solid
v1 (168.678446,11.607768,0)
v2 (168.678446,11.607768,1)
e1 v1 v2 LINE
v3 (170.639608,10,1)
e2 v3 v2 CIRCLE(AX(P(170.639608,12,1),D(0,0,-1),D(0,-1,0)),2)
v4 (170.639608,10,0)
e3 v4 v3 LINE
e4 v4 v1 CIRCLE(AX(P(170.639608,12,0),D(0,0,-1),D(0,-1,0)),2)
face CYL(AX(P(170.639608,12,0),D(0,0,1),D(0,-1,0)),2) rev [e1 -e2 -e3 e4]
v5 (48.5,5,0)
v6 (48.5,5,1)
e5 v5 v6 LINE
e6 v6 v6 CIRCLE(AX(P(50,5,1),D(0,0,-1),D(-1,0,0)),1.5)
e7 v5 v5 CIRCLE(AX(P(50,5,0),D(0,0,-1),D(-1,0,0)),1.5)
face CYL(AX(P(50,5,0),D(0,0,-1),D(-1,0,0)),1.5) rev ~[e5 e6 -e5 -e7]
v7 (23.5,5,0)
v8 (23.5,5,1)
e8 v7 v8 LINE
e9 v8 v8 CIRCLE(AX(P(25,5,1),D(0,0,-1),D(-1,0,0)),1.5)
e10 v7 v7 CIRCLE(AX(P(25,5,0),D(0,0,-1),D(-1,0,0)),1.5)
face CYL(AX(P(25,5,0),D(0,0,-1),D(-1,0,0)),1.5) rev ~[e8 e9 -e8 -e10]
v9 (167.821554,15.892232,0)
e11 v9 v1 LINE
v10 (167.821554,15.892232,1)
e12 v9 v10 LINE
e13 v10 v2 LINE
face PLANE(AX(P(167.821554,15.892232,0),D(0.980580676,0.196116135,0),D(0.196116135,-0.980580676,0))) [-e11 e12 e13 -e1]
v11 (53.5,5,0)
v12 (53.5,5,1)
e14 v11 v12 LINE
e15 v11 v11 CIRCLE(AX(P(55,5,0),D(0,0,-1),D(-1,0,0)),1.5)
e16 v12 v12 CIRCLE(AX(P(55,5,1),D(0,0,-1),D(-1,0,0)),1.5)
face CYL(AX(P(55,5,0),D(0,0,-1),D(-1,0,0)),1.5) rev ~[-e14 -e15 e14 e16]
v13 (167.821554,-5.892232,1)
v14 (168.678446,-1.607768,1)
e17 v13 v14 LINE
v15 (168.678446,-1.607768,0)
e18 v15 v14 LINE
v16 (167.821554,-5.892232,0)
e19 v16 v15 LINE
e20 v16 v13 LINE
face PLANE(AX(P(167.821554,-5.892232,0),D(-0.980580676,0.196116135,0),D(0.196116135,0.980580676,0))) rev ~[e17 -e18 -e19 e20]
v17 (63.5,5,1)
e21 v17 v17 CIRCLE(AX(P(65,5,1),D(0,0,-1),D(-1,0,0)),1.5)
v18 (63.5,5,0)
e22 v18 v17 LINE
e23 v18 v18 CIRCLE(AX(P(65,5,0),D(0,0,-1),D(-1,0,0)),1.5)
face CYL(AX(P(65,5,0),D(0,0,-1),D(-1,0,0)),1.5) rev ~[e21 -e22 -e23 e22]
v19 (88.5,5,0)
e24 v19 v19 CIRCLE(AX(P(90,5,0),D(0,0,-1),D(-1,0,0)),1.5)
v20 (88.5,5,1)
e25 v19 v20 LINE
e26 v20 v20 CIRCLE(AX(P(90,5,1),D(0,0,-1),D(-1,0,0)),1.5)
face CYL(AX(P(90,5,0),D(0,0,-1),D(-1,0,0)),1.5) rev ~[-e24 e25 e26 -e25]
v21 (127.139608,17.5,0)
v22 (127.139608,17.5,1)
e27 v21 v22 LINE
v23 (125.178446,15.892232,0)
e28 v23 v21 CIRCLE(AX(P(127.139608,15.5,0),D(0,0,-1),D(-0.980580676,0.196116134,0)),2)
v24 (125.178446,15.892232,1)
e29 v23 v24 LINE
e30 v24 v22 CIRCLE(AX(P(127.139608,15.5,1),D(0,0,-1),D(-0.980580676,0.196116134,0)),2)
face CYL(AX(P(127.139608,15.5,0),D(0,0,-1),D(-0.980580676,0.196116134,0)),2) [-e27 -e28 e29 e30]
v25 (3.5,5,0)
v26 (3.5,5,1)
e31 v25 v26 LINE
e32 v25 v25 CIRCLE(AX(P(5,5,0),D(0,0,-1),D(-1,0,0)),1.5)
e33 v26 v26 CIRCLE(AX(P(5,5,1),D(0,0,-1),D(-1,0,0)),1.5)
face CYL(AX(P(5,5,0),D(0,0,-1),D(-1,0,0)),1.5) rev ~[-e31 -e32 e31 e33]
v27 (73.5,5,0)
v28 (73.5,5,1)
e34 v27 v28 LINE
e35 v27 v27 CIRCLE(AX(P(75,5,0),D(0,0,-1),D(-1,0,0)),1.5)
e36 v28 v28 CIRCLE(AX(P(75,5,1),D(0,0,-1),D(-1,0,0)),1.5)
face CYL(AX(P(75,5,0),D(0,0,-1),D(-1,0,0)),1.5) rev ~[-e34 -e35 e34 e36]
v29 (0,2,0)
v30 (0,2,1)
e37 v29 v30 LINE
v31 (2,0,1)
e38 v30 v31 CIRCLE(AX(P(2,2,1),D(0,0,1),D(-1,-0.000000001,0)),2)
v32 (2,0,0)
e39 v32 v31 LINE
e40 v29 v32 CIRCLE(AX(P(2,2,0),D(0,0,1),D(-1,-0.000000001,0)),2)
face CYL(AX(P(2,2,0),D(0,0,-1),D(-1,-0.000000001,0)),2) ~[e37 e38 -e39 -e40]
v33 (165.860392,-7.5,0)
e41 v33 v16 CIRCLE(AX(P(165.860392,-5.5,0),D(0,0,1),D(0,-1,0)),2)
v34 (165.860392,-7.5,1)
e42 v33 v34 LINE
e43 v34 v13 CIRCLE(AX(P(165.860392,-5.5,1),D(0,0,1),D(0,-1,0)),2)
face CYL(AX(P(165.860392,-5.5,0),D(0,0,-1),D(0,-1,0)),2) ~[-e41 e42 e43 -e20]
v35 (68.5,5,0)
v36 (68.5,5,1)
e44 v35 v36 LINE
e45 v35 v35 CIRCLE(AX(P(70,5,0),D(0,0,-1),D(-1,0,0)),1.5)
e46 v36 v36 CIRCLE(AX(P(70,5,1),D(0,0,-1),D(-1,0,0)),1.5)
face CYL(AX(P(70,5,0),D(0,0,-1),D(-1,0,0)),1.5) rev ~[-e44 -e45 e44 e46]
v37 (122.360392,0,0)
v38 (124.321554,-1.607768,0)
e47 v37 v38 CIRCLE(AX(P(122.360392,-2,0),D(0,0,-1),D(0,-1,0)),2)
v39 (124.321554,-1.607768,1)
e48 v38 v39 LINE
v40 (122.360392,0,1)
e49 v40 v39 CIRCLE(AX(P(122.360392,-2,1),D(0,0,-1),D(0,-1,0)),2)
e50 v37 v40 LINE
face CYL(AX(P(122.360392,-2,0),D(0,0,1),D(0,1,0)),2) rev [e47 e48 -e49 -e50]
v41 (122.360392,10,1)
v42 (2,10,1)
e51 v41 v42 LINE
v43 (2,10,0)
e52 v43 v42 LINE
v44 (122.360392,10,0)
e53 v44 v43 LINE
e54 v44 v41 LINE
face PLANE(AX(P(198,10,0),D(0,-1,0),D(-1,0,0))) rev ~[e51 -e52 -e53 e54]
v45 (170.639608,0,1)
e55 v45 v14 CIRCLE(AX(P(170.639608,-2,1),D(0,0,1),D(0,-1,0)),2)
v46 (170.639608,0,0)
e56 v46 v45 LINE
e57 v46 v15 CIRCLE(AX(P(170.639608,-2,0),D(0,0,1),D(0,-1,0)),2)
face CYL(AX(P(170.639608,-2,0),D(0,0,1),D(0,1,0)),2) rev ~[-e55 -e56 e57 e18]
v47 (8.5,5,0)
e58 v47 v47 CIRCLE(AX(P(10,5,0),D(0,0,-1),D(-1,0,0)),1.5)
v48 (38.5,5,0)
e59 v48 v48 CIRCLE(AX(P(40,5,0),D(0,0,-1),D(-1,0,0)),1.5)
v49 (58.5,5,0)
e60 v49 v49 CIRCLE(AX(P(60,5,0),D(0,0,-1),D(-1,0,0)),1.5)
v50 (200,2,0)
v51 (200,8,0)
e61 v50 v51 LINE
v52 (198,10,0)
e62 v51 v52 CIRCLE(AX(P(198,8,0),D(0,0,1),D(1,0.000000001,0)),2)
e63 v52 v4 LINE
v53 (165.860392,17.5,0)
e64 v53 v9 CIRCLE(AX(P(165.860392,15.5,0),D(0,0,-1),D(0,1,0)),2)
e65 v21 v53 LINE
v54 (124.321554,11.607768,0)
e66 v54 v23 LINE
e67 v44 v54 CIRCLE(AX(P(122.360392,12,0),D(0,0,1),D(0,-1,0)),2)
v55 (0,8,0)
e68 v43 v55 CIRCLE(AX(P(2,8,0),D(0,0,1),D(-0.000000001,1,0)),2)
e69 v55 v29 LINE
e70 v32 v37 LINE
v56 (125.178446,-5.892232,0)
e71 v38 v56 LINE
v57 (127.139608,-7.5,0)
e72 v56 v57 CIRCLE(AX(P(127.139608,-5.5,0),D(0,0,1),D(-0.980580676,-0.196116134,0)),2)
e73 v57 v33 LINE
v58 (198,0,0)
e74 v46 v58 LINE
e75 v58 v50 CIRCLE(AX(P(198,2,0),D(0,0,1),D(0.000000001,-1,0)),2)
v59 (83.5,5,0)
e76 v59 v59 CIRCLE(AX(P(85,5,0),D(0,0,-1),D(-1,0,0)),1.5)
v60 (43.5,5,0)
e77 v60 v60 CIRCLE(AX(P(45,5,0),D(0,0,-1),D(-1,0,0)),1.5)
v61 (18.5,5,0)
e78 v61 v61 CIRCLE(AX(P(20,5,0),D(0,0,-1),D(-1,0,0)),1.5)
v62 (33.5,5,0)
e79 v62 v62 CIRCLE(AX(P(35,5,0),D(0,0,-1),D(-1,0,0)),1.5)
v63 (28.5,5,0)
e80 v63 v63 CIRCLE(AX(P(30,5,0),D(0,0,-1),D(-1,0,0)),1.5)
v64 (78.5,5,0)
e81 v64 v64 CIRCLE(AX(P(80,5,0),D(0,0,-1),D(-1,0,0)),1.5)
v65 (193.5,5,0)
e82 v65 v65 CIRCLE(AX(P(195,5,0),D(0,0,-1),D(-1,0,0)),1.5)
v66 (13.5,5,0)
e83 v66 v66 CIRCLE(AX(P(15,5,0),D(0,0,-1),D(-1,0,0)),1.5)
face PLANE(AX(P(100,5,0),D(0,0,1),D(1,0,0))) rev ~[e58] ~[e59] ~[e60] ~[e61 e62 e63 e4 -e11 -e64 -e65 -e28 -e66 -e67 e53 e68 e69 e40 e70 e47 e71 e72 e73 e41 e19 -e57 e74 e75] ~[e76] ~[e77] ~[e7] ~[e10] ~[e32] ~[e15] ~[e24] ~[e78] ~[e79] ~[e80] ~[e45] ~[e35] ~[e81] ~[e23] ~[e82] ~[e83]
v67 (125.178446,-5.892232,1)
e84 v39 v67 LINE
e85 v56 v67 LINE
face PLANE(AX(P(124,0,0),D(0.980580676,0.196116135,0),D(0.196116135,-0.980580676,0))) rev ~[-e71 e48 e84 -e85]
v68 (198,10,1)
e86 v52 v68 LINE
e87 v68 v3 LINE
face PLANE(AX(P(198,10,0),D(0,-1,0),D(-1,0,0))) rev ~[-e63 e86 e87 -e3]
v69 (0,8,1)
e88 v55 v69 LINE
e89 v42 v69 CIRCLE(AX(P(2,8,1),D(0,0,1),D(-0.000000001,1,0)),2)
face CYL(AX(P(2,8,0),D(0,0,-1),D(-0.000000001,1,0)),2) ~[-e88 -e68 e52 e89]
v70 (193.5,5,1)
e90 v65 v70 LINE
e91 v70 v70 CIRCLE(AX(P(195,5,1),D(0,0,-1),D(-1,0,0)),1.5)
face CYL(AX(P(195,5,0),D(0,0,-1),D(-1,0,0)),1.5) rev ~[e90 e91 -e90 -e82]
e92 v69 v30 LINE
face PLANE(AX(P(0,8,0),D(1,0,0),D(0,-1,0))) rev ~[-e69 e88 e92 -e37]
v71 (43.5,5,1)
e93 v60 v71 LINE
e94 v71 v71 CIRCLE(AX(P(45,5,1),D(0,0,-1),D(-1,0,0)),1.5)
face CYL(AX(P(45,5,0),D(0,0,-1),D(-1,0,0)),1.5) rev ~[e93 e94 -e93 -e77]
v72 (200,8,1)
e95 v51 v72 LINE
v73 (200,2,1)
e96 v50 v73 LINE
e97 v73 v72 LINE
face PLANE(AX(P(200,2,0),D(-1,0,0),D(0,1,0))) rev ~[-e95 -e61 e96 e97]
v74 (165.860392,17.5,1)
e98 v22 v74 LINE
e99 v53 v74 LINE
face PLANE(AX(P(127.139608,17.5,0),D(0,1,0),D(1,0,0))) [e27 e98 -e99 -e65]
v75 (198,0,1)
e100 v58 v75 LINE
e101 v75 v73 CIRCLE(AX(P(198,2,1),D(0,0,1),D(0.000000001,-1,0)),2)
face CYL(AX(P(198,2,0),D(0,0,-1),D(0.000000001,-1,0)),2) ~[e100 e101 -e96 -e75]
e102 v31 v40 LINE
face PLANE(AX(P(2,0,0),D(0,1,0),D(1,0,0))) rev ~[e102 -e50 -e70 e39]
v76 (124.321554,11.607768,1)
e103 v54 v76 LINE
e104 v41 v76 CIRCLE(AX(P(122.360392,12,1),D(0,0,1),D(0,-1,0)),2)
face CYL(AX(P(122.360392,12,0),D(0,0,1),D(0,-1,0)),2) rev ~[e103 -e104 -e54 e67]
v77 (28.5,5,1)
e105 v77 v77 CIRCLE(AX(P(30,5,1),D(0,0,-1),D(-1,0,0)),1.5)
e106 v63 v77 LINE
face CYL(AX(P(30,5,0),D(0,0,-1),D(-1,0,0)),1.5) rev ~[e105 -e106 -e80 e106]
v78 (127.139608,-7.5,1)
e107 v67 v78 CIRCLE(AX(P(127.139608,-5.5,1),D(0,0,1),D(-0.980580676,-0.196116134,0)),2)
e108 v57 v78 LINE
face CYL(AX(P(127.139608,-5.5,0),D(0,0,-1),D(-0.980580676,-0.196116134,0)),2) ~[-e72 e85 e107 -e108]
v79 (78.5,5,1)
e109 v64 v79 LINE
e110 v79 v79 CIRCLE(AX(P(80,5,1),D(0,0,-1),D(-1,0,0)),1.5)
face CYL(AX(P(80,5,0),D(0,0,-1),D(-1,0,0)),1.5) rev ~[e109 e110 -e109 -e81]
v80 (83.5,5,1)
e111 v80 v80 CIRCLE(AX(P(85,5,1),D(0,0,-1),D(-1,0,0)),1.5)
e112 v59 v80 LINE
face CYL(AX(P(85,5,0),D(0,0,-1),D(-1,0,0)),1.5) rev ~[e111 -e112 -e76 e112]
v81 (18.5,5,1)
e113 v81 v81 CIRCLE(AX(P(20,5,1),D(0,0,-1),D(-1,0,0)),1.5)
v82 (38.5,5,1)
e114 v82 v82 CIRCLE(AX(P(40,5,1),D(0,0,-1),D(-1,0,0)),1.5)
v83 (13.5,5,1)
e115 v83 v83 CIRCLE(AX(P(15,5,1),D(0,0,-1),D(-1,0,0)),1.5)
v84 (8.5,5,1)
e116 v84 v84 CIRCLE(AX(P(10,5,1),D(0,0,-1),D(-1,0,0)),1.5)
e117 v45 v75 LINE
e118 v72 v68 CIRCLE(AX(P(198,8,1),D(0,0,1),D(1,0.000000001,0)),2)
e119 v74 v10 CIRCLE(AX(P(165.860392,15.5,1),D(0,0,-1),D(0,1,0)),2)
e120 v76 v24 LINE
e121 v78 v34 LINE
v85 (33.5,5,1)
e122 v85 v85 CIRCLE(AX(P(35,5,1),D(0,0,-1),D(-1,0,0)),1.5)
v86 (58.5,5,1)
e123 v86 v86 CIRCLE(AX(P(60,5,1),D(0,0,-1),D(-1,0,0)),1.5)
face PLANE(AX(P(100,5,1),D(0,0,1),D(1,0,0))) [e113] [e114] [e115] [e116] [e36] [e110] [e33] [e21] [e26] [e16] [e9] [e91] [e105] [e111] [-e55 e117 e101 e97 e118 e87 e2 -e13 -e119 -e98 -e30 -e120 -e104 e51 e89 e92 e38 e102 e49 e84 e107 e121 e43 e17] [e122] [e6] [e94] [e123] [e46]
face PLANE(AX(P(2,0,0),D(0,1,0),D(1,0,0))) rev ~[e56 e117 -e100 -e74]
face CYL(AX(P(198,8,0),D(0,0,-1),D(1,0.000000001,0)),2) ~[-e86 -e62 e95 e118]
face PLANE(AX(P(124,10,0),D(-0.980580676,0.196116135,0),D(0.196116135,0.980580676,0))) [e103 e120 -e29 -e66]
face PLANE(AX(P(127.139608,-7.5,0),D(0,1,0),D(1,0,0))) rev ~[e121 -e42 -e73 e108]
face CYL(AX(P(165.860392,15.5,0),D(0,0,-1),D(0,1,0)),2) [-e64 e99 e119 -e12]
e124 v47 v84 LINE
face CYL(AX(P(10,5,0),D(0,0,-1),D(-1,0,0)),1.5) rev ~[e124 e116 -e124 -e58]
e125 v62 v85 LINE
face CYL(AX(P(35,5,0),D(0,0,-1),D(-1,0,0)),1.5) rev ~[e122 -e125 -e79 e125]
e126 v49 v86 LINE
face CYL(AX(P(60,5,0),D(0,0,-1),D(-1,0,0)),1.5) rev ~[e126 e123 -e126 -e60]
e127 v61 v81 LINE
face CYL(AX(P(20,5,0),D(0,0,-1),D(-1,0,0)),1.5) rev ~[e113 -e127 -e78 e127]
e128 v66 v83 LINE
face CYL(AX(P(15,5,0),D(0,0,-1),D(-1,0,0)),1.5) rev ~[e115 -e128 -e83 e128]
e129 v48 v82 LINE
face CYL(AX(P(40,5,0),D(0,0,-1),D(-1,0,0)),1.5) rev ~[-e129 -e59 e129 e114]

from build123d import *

# Parameters (mm, degrees)
BOSS_EXTRUDE1_DEPTH = 1
BOSS_EXTRUDE2_DEPTH = 1
FILLET1_R           = 2
SKETCH4_R           = 1.5
CUT_EXTRUDE1_DEPTH  = 201.766655598


with BuildPart() as part:
    # Sketch2 → Boss-Extrude1 (new body)
    with BuildSketch(Plane.XY):
        with BuildLine():
            Line((2, 0), (198, 0))
            ThreePointArc((198, 0), (199.414213562, 0.585786438), (200, 2))
            Line((200, 2), (200, 8))
            ThreePointArc((200, 8), (199.414213562, 9.414213562), (198, 10))
            Line((198, 10), (2, 10))
            ThreePointArc((2, 10), (0.585786438, 9.414213562), (0, 8))
            Line((0, 8), (0, 2))
            ThreePointArc((0, 2), (0.585786438, 0.585786438), (2, 0))
        make_face()
    extrude(amount=BOSS_EXTRUDE1_DEPTH)

    # Sketch3 → Boss-Extrude2 (add)
    with BuildSketch(Plane(origin=(0, 0, 0), x_dir=(-1, 0, 0), z_dir=(0, 0, -1))):
        with BuildLine():
            Line((-124, 0), (-125.178446454, -5.89223227))
            ThreePointArc((-125.178446454, -5.89223227), (-125.871629994, -7.046684283), (-127.139607805, -7.5))
            Line((-127.139607805, -7.5), (-165.860392195, -7.5))
            ThreePointArc((-165.860392195, -7.5), (-167.128370006, -7.046684283), (-167.821553546, -5.89223227))
            Line((-167.821553546, -5.89223227), (-169, 0))
            Line((-169, 0), (-124, 0))
        make_face()
        with BuildLine():
            Line((-169, 10), (-124, 10))
            Line((-124, 10), (-125.178446454, 15.89223227))
            ThreePointArc((-125.178446454, 15.89223227), (-125.871629994, 17.046684283), (-127.139607805, 17.5))
            Line((-127.139607805, 17.5), (-165.860392195, 17.5))
            ThreePointArc((-165.860392195, 17.5), (-167.128370006, 17.046684283), (-167.821553546, 15.89223227))
            Line((-167.821553546, 15.89223227), (-169, 10))
        make_face()
    extrude(amount=-BOSS_EXTRUDE2_DEPTH)

    # Fillet1
    fillet1_edges = [part.edges().sort_by_distance(p)[0] for p in [
        (169, 0, 0.5),
        (124, 0, 0.5),
        (124, 10, 0.5),
        (169, 10, 0.5),
    ]]
    fillet(fillet1_edges, radius=FILLET1_R)

    # Sketch4 → Cut-Extrude1 (cut, through all)
    with BuildSketch(Plane(origin=(0, 0, 0), x_dir=(-1, 0, 0), z_dir=(0, 0, -1))):
        with Locations((-5, 5)):
            Circle(SKETCH4_R)
        with Locations((-10, 5)):
            Circle(SKETCH4_R)
        with Locations((-15, 5)):
            Circle(SKETCH4_R)
        with Locations((-20, 5)):
            Circle(SKETCH4_R)
        with Locations((-25, 5)):
            Circle(SKETCH4_R)
        with Locations((-30, 5)):
            Circle(SKETCH4_R)
        with Locations((-195, 5)):
            Circle(SKETCH4_R)
        with Locations((-35, 5)):
            Circle(SKETCH4_R)
        with Locations((-40, 5)):
            Circle(SKETCH4_R)
        with Locations((-45, 5)):
            Circle(SKETCH4_R)
        with Locations((-50, 5)):
            Circle(SKETCH4_R)
        with Locations((-55, 5)):
            Circle(SKETCH4_R)
        with Locations((-60, 5)):
            Circle(SKETCH4_R)
        with Locations((-65, 5)):
            Circle(SKETCH4_R)
        with Locations((-70, 5)):
            Circle(SKETCH4_R)
        with Locations((-75, 5)):
            Circle(SKETCH4_R)
        with Locations((-80, 5)):
            Circle(SKETCH4_R)
        with Locations((-85, 5)):
            Circle(SKETCH4_R)
        with Locations((-90, 5)):
            Circle(SKETCH4_R)
    extrude(amount=-CUT_EXTRUDE1_DEPTH, mode=Mode.SUBTRACT)


solid = part.part
